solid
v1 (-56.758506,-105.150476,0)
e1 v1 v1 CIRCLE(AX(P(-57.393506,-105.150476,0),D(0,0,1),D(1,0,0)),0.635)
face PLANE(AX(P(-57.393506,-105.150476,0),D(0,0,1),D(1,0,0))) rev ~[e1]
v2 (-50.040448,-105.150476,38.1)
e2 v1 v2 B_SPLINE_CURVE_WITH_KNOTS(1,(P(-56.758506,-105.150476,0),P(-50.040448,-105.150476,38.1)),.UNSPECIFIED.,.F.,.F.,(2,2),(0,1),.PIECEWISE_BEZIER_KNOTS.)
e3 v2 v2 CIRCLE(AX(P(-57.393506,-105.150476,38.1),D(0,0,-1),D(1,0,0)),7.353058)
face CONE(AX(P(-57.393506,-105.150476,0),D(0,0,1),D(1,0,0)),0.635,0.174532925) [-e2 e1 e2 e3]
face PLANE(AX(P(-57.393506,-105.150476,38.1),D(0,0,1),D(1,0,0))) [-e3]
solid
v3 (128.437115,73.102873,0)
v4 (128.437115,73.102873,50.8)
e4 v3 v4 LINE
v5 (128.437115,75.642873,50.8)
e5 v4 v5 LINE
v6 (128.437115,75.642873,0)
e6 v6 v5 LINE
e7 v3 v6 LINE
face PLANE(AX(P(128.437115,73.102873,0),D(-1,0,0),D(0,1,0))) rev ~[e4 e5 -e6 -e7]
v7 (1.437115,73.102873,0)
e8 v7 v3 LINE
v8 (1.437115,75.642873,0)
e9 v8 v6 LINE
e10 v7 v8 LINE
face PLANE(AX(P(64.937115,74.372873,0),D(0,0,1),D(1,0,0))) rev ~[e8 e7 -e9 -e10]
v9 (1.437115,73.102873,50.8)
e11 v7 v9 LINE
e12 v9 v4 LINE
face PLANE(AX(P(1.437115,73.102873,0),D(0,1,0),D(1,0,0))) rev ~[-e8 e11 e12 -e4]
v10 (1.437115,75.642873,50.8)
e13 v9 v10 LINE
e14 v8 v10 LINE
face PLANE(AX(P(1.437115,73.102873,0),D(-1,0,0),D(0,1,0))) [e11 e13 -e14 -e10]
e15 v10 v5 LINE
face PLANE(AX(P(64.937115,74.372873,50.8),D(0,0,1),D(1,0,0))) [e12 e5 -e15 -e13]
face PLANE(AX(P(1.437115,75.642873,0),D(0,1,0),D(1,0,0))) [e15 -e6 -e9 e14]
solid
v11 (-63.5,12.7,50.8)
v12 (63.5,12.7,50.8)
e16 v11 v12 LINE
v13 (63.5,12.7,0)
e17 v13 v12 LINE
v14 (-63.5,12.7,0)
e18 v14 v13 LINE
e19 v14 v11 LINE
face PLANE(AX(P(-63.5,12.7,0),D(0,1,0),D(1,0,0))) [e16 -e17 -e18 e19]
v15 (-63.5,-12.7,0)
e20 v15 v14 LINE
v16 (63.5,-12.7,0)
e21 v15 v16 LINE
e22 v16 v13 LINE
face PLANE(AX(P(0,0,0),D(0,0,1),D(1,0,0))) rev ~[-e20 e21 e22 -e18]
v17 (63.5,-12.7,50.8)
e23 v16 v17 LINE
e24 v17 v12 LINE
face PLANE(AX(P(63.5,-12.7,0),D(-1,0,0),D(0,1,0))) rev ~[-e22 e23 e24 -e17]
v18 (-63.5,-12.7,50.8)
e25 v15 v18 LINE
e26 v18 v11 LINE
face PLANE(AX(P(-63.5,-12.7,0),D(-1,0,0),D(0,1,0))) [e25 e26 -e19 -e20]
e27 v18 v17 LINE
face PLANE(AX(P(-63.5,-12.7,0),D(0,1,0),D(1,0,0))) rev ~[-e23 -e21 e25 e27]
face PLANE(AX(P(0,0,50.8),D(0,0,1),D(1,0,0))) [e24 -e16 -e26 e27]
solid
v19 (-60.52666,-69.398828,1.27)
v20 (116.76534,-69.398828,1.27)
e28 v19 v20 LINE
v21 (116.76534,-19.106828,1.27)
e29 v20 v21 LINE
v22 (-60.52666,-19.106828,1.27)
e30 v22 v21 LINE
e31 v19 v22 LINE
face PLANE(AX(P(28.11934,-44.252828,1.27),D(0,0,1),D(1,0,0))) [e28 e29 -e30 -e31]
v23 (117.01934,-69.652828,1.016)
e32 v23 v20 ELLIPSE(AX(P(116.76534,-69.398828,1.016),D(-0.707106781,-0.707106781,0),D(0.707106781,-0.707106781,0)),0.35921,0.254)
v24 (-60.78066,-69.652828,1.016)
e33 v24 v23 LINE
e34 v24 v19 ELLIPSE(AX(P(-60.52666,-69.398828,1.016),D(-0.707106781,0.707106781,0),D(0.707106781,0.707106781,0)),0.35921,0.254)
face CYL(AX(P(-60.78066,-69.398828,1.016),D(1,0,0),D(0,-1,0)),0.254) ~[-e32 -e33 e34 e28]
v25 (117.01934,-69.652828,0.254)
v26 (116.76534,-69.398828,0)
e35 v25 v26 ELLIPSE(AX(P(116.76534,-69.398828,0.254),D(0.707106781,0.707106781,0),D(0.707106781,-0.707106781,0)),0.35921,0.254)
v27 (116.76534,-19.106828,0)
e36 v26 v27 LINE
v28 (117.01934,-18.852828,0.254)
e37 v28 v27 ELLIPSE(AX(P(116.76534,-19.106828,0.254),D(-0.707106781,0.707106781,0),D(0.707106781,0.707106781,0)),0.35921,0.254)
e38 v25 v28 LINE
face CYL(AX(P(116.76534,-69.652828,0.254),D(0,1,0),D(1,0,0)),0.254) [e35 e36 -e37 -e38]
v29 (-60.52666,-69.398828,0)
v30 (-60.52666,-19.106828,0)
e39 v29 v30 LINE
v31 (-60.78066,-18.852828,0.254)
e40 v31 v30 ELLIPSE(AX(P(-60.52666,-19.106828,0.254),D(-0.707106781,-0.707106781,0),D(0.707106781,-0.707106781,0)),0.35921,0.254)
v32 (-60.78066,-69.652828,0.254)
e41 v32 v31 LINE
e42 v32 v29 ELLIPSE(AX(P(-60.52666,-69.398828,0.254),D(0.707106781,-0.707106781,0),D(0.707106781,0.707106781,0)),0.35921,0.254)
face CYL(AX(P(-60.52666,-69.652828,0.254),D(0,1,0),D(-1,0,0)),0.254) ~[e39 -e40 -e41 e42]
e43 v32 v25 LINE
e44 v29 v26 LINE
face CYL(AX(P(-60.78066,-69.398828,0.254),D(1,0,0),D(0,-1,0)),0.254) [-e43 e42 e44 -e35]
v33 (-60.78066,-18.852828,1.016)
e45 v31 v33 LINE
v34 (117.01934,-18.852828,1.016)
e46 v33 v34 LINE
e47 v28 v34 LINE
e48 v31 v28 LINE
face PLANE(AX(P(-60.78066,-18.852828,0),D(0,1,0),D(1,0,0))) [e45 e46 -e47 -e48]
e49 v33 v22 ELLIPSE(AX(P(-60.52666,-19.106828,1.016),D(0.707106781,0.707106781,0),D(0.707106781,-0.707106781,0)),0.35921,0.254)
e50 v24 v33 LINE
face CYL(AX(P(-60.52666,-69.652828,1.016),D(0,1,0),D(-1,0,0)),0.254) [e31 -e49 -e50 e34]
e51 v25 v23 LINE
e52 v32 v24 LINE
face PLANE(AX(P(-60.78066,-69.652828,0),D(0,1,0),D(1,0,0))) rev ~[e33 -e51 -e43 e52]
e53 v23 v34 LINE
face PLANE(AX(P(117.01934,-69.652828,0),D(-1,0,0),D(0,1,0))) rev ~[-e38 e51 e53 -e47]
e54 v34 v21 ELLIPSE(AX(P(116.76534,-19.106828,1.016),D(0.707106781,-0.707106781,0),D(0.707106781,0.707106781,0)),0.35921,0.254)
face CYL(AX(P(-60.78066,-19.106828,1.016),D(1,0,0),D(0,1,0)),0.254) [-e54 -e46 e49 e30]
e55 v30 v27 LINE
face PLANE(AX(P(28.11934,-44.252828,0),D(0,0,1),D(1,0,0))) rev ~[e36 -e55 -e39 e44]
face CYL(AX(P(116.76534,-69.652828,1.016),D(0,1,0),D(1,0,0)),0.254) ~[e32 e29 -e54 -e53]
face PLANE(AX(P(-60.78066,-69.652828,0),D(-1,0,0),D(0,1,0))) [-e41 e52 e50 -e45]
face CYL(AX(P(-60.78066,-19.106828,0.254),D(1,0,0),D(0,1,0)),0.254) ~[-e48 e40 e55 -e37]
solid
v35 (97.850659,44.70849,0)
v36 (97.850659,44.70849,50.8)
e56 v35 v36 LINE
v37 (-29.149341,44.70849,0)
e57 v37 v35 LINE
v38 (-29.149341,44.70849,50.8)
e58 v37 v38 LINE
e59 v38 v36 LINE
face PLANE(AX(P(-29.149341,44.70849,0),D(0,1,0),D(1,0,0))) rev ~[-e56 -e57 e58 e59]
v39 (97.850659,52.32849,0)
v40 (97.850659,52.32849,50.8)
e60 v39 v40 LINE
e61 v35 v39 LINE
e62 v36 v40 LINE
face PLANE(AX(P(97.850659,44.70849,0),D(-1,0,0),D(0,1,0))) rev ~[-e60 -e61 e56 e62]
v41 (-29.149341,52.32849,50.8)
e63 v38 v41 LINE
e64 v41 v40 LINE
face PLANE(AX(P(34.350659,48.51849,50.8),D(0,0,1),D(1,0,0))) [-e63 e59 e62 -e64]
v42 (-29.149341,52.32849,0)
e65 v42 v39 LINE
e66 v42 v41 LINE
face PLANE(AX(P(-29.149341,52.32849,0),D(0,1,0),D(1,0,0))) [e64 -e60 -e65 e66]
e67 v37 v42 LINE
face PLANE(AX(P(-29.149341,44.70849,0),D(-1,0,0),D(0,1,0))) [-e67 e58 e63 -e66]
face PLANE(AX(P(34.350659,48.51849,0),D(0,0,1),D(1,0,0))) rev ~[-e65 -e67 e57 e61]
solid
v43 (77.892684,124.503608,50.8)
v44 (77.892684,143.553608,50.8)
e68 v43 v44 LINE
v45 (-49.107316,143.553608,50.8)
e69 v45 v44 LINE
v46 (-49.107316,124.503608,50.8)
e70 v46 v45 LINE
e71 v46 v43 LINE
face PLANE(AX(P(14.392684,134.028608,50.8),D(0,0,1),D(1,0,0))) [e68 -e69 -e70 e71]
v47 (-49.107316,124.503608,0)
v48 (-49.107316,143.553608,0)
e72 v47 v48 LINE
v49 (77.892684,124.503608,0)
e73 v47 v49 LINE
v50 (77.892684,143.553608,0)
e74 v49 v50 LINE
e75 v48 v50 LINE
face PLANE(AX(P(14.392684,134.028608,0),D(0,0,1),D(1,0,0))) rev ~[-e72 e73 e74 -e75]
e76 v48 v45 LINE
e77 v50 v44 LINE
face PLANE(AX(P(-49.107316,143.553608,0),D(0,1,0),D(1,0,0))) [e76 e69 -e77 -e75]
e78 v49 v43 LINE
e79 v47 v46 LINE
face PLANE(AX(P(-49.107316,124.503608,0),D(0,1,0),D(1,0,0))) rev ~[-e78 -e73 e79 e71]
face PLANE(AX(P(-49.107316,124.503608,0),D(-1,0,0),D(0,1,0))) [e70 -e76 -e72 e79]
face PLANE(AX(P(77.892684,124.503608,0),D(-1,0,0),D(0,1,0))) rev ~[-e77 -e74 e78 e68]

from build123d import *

# Parameters (mm, degrees)
F0_W      = 127
F0_H      = 25.4
F1_DEPTH  = 50.8
F2_W      = 127
F2_H      = 7.62
F3_DEPTH  = 50.8
F4_W      = 127
F4_H      = 2.54
F5_DEPTH  = 50.8
F6_W      = 127
F6_H      = 19.05
F7_DEPTH  = 50.8
F8_W      = 177.8
F8_H      = 50.8
F9_DEPTH  = 1.27
F10_R     = 0.254
F11_R     = 0.635
F12_DEPTH = 38.1
F12_TAPER = -10


with BuildPart() as f1:
    # F0 (on Top) → F1 (new body)
    with BuildSketch(Plane.XY):
        Rectangle(F0_W, F0_H)
    extrude(amount=F1_DEPTH)


with BuildPart() as f3:
    # F2 (on Top) → F3 (new body)
    with BuildSketch(Plane.XY):
        with Locations((34.3506590051, 48.5184900463)):
            Rectangle(F2_W, F2_H)
    extrude(amount=F3_DEPTH)


with BuildPart() as f5:
    # F4 (on Top) → F5 (new body)
    with BuildSketch(Plane.XY):
        with Locations((64.9371149779, 74.3728727102)):
            Rectangle(F4_W, F4_H)
    extrude(amount=F5_DEPTH)


with BuildPart() as f7:
    # F6 (on Top) → F7 (new body)
    with BuildSketch(Plane.XY):
        with Locations((14.3926842676, 134.0286082506)):
            Rectangle(F6_W, F6_H)
    extrude(amount=F7_DEPTH)


with BuildPart() as f9:
    # F8 (on Top) → F9 (new body)
    with BuildSketch(Plane.XY):
        with Locations((28.1193399813, -44.2528277636)):
            Rectangle(F8_W, F8_H)
    extrude(amount=F9_DEPTH)

    # F10
    f10_edges = [f9.edges().sort_by_distance(p)[0] for p in [
        (28.11934, -18.852828, 1.27),
        (28.11934, -18.852828, 0),
        (-60.78066, -44.252828, 0),
        (-60.78066, -44.252828, 1.27),
        (28.11934, -69.652828, 1.27),
        (28.11934, -69.652828, 0),
        (117.01934, -44.252828, 0),
        (117.01934, -44.252828, 1.27),
    ]]
    fillet(f10_edges, radius=F10_R)


with BuildPart() as f12:
    # F11 (on Top) → F12 (new body)
    with BuildSketch(Plane.XY):
        with Locations((-57.3935061693, -105.1504760981)):
            Circle(F11_R)
    extrude(amount=F12_DEPTH, taper=F12_TAPER)


solid = Compound([f1.part, f3.part, f5.part, f7.part, f9.part, f12.part])
